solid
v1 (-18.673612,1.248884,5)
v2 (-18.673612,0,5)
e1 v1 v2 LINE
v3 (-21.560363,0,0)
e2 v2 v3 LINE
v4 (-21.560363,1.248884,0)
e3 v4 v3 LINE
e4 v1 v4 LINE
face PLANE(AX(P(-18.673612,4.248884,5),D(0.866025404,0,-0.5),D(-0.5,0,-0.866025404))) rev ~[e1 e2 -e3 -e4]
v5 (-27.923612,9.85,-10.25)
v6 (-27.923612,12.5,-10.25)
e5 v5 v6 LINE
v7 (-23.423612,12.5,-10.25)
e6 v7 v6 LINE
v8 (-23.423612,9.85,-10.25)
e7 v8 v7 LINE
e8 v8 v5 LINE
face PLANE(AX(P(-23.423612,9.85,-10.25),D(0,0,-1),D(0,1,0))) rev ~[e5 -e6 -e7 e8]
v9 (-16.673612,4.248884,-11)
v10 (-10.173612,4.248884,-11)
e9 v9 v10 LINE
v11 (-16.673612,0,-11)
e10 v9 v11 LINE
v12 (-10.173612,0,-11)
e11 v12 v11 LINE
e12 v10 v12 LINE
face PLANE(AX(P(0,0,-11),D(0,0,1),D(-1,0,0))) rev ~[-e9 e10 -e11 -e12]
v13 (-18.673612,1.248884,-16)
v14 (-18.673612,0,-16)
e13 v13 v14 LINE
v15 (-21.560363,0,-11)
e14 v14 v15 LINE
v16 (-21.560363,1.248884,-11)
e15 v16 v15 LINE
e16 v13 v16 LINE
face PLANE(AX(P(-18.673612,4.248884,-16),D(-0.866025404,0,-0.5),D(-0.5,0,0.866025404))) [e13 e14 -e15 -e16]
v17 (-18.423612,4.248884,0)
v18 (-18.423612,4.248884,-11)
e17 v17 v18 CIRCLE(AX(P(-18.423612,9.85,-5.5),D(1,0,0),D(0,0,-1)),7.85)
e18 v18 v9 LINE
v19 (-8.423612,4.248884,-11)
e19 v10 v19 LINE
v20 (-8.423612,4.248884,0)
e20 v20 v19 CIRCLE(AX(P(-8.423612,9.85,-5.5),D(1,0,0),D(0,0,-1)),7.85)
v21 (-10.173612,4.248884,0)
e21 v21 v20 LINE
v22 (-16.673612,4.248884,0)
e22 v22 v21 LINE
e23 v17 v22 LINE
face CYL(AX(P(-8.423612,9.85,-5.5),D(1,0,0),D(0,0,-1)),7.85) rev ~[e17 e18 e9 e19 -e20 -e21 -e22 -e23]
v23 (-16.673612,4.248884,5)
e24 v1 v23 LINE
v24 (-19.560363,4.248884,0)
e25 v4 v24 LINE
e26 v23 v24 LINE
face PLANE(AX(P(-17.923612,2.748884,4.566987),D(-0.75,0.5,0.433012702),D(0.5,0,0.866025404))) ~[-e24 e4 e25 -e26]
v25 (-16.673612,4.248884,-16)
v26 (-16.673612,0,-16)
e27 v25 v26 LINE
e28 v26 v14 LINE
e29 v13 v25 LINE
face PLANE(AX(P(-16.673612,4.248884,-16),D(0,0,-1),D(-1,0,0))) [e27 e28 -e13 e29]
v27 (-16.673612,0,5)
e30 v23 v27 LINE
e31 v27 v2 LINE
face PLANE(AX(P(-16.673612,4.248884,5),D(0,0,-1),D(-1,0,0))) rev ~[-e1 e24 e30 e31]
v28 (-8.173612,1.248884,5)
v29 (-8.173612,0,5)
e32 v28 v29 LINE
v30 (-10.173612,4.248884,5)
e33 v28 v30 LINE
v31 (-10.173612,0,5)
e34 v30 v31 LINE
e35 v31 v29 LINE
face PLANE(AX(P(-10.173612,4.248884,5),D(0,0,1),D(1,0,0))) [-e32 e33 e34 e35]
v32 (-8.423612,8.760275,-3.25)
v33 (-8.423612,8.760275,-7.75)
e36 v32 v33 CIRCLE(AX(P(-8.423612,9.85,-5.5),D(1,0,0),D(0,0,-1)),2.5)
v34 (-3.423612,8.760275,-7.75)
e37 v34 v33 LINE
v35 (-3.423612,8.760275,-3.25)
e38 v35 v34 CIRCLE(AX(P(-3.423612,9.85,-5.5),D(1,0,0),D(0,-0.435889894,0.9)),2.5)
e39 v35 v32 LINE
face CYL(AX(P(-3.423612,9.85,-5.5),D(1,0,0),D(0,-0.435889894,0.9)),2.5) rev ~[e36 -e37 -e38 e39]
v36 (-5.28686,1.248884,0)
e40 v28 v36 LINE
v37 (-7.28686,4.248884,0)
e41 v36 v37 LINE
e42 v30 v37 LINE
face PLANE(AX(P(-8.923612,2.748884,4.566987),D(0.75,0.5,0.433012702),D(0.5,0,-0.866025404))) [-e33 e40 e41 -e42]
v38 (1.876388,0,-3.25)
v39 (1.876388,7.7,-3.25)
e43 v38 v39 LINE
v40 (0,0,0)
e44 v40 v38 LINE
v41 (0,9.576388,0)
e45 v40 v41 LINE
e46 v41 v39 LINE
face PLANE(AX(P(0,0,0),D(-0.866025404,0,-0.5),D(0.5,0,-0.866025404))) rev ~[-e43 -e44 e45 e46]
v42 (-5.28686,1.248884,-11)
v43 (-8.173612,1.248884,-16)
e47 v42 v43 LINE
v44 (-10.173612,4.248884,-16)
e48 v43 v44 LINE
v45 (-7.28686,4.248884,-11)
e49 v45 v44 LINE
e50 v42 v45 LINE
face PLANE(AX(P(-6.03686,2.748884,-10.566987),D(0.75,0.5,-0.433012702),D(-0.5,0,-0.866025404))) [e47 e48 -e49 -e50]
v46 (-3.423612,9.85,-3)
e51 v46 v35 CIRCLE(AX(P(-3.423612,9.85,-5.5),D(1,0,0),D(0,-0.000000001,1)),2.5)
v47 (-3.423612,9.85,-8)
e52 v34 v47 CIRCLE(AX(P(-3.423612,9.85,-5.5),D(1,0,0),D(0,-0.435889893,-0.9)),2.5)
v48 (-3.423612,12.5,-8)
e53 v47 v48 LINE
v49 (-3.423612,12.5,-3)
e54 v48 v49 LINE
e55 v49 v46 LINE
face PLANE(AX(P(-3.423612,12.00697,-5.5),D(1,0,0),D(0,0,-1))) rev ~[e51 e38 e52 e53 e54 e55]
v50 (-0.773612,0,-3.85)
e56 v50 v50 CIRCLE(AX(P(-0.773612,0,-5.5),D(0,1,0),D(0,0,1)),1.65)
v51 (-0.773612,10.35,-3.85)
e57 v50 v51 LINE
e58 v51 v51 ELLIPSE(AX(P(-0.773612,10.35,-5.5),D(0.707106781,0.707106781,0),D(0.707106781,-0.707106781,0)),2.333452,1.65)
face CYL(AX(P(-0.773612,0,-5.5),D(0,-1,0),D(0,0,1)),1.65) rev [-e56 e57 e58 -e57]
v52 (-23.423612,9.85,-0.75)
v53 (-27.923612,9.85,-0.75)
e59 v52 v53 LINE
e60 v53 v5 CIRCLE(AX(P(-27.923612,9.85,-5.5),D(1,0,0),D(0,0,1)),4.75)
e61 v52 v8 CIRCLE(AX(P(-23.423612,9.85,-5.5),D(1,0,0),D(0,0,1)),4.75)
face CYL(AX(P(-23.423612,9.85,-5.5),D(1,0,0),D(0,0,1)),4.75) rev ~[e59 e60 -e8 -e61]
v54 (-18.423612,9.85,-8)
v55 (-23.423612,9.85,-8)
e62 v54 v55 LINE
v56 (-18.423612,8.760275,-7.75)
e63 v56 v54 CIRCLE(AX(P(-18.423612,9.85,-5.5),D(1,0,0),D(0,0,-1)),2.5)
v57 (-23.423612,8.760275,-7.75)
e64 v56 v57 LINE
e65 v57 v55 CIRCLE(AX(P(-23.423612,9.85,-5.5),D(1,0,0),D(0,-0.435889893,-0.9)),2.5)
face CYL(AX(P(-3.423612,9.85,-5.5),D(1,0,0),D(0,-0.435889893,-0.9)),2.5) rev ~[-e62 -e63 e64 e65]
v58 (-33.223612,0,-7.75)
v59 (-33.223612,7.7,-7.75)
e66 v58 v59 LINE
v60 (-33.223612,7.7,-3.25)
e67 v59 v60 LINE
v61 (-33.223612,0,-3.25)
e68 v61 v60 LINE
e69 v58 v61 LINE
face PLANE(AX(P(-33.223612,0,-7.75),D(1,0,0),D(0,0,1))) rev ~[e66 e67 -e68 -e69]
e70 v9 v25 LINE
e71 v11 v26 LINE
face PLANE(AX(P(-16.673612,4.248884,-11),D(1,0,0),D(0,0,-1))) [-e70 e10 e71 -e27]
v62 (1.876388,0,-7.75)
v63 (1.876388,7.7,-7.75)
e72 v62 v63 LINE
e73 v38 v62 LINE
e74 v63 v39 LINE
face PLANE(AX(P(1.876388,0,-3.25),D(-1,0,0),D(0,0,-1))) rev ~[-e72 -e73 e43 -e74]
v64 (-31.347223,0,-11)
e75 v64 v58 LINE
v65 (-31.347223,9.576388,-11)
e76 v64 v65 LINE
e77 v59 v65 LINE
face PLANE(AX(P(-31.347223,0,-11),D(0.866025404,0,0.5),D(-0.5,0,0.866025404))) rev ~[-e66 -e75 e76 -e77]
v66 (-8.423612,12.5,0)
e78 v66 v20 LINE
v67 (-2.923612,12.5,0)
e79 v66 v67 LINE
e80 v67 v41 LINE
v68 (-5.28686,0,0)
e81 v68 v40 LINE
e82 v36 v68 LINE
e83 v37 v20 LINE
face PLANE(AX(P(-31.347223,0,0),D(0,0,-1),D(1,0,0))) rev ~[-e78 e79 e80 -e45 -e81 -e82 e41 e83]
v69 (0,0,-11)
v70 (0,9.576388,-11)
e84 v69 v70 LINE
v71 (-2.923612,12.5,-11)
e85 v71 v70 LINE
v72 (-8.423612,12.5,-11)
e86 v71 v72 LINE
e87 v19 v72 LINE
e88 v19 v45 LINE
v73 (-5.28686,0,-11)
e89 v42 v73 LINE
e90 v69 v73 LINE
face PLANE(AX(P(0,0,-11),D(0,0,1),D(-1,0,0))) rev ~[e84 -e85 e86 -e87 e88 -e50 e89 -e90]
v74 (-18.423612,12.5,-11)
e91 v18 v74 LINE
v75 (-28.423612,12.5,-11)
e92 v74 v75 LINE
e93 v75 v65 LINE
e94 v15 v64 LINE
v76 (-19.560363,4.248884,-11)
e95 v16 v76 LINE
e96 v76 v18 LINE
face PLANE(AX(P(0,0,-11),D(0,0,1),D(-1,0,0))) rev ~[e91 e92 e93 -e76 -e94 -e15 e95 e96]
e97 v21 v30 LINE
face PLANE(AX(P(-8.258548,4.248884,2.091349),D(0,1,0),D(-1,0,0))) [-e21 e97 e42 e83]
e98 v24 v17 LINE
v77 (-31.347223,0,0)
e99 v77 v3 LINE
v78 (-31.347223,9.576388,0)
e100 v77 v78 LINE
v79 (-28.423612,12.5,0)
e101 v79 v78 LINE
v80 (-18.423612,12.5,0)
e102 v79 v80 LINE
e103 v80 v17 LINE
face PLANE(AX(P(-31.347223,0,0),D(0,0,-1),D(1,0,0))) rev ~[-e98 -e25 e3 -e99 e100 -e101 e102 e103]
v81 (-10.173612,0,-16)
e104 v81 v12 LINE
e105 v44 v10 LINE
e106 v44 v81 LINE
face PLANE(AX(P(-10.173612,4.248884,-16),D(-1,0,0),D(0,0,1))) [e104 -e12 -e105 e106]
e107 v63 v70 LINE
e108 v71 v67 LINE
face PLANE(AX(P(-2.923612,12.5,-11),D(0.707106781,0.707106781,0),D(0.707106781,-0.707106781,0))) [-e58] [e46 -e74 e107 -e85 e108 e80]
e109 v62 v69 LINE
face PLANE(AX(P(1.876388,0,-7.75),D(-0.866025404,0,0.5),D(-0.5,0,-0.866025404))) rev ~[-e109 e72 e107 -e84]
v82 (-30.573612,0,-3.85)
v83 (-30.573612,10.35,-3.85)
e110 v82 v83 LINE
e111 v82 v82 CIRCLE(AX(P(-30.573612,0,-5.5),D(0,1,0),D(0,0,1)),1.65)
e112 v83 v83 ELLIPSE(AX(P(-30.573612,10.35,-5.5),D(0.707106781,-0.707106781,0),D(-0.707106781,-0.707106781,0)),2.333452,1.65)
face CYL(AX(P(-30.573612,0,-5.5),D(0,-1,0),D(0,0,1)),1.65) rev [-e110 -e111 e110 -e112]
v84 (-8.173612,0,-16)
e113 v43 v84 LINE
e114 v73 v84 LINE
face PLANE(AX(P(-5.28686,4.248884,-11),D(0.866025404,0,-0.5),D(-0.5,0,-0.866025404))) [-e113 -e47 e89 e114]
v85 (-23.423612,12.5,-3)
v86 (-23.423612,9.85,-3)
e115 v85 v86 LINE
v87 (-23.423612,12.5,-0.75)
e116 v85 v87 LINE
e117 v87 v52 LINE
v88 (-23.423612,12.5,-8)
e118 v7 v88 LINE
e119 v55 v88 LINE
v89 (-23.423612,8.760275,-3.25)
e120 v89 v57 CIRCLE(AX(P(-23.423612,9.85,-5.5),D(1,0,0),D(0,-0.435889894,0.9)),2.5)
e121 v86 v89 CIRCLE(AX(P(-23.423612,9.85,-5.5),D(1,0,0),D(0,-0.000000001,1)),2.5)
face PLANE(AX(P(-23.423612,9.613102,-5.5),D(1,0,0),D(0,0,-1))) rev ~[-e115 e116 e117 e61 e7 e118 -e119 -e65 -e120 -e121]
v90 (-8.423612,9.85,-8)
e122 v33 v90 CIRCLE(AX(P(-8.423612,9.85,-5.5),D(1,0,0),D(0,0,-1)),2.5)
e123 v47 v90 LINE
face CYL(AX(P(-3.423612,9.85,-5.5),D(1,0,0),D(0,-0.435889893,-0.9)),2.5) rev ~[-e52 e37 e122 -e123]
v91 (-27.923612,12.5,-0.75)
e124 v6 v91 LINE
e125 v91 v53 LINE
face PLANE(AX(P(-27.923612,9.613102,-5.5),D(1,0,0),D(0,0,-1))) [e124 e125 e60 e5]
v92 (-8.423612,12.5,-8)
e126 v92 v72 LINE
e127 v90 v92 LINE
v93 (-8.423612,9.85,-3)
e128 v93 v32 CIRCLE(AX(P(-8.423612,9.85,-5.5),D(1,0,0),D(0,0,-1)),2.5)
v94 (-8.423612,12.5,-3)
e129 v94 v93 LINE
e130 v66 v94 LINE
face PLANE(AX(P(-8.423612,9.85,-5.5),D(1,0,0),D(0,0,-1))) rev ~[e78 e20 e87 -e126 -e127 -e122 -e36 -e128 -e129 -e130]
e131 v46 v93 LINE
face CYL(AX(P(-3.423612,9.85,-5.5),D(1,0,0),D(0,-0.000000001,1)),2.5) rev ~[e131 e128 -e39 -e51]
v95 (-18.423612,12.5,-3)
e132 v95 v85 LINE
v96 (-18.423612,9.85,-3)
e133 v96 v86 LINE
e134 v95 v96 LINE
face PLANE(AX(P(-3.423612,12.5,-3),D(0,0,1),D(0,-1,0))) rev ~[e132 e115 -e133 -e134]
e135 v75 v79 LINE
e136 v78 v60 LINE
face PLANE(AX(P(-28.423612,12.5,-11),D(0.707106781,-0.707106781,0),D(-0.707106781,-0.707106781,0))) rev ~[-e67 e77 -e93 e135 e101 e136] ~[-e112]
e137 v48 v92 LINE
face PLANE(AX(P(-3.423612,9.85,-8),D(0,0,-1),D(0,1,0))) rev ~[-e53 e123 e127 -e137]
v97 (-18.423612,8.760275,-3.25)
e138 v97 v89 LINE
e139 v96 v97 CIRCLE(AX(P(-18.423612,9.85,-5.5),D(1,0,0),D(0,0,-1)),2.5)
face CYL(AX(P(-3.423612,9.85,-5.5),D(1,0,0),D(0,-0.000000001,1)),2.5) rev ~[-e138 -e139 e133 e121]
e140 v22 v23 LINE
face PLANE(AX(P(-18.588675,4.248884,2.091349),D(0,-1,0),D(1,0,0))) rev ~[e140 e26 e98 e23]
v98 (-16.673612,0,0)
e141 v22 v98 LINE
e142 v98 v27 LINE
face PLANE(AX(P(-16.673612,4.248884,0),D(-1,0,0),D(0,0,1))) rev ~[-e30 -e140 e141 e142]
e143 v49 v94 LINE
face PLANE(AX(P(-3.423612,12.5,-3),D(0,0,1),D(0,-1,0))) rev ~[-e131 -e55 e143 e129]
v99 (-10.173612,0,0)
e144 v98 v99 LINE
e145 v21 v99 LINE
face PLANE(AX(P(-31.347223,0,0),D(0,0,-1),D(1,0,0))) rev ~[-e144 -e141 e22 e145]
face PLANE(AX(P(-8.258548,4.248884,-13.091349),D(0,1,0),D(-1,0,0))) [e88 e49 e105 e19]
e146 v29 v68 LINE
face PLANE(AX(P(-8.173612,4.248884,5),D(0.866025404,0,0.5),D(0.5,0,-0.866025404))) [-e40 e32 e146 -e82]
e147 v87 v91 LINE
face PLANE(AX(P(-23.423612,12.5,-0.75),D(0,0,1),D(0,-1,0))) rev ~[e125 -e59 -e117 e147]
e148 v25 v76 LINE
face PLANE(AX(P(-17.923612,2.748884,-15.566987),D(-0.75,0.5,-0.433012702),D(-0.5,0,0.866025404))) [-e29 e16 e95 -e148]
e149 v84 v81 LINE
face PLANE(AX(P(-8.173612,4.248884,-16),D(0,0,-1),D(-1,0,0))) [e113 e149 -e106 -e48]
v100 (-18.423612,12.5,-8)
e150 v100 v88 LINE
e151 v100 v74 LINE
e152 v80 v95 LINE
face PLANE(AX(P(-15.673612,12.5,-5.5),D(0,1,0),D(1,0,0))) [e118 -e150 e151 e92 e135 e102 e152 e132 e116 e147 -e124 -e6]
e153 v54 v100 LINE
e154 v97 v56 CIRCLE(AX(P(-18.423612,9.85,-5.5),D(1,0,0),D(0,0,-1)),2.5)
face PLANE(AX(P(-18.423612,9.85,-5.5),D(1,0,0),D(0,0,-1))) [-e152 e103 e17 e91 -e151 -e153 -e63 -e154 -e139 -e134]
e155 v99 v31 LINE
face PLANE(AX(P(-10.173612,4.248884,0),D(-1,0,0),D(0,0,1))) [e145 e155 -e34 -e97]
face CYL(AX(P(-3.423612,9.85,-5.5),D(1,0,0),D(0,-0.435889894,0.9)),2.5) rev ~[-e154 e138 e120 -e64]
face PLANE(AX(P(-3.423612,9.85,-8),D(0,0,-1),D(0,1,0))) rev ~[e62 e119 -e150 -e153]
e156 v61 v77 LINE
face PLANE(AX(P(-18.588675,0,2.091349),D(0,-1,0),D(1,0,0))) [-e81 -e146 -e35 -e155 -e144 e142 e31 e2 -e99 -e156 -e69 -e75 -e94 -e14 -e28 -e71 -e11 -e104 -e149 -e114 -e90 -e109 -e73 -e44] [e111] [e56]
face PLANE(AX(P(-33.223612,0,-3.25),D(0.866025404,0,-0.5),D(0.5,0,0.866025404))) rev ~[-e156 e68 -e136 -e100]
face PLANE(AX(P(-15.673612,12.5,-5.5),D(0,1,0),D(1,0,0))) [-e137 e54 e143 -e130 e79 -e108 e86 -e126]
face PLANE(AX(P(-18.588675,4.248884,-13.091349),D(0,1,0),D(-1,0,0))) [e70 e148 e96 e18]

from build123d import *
from OCP.BRepFilletAPI import BRepFilletAPI_MakeChamfer

# Parameters (mm, degrees)
SKIZZE1_R                       = 1.65
AUFSATZ_LINEAR_AUSTRAGEN1_DEPTH = 12.5
SCHNITT_LINEAR_START            = -10.3
SKIZZE2_R                       = 7.85
SKIZZE2_R_2                     = 2.5
SCHNITT_LINEAR_AUSTRAGEN1_DEPTH = 10
SCHNITT_LINEAR_START_2          = -5.3
SCHNITT_LINEAR_AUSTRAGEN2_DEPTH = 20
SCHNITT_LINEAR_AUSTRAGEN3_DEPTH = 4.5
SCHNITT_LINEAR_START_3          = -11
SCHNITT_LINEAR_AUSTRAGEN4_DEPTH = 11
AUFSATZ_LINEAR_START            = -4.248884
AUFSATZ_LINEAR_AUSTRAGEN2_DEPTH = 4.248884
FASE1_SIZE                      = 3
FASE1_SIZE2                     = 1.732050808


with BuildPart() as part:
    # Skizze1 → Aufsatz-Linear austragen1 (new body)
    with BuildSketch(Plane(origin=(0, 0, 0), x_dir=(1, 0, 0), z_dir=(0, 1, 0))):
        Polygon((0, 11), (-31.34722325, 11), (-33.223611625, 7.75), (-33.223611625, 3.25), (-31.34722325, 0), (0, 0), (1.876388375, 3.25), (1.876388375, 7.75), align=None)
        with Locations(Location((-0.773611625, 5.5, 0), (0, 0, 270))):
            Circle(SKIZZE1_R, mode=Mode.SUBTRACT)
        with Locations(Location((-30.573611625, 5.5, 0), (0, 0, 270))):
            Circle(SKIZZE1_R, mode=Mode.SUBTRACT)
    extrude(amount=AUFSATZ_LINEAR_AUSTRAGEN1_DEPTH)

    # Skizze2 → Schnitt-Linear austragen1 (cut)
    with BuildSketch(Plane(origin=(1.876388375, 0, 0), x_dir=(0, 0, -1), z_dir=(1, 0, 0)).offset(SCHNITT_LINEAR_START)):
        with Locations((5.5, 9.85)):
            Circle(SKIZZE2_R)
        with Locations((5.5, 9.85)):
            Circle(SKIZZE2_R_2, mode=Mode.SUBTRACT)
    extrude(amount=-SCHNITT_LINEAR_AUSTRAGEN1_DEPTH, mode=Mode.SUBTRACT)

    # Skizze3 → Schnitt-Linear austragen2 (cut)
    with BuildSketch(Plane(origin=(1.876388375, 0, 0), x_dir=(0, 0, -1), z_dir=(1, 0, 0)).offset(SCHNITT_LINEAR_START_2)):
        with BuildLine():
            Line((7.75, 12.5), (3.25, 12.5))
            Line((3.25, 12.5), (3.25, 10.939724736))
            ThreePointArc((3.25, 10.939724736), (5.5, 12.35), (7.75, 10.939724736))
            Line((7.75, 10.939724736), (7.75, 12.5))
        make_face()
        with BuildLine():
            Line((8, 12.5), (7.75, 12.5))
            Line((7.75, 12.5), (7.75, 10.939724736))
            ThreePointArc((7.75, 10.939724736), (7.936698586, 10.409016994), (8, 9.85))
            Line((8, 9.85), (8, 12.5))
        make_face()
        with BuildLine():
            Line((3.25, 12.5), (3, 12.5))
            Line((3, 12.5), (3, 9.85))
            ThreePointArc((3, 9.85), (3.063301414, 10.409016994), (3.25, 10.939724736))
            Line((3.25, 10.939724736), (3.25, 12.5))
        make_face()
        with BuildLine():
            ThreePointArc((7.75, 10.939724736), (5.5, 12.35), (3.25, 10.939724736))
            Line((3.25, 10.939724736), (3.25, 8.760275264))
            ThreePointArc((3.25, 8.760275264), (5.5, 7.35), (7.75, 8.760275264))
            Line((7.75, 8.760275264), (7.75, 10.939724736))
        make_face()
        with BuildLine():
            ThreePointArc((3.25, 10.939724736), (3.063301414, 10.409016994), (3, 9.85))
            ThreePointArc((3, 9.85), (3.063301414, 9.290983006), (3.25, 8.760275264))
            Line((3.25, 8.760275264), (3.25, 10.939724736))
        make_face()
        with BuildLine():
            ThreePointArc((8, 9.85), (7.936698586, 10.409016994), (7.75, 10.939724736))
            Line((7.75, 10.939724736), (7.75, 8.760275264))
            ThreePointArc((7.75, 8.760275264), (7.936698586, 9.290983006), (8, 9.85))
        make_face()
    extrude(amount=-SCHNITT_LINEAR_AUSTRAGEN2_DEPTH, mode=Mode.SUBTRACT)

    # Skizze4 → Schnitt-Linear austragen3 (cut)
    with BuildSketch(Plane(origin=(-23.423611625, 0, 0), x_dir=(0, 0, -1), z_dir=(1, 0, 0))):
        with BuildLine():
            Line((10.25, 12.5), (0.75, 12.5))
            Line((0.75, 12.5), (0.75, 9.85))
            ThreePointArc((0.75, 9.85), (5.5, 5.1), (10.25, 9.85))
            Line((10.25, 9.85), (10.25, 12.5))
        make_face()
    extrude(amount=-SCHNITT_LINEAR_AUSTRAGEN3_DEPTH, mode=Mode.SUBTRACT)

    # Skizze5 → Schnitt-Linear austragen4 (cut)
    with BuildSketch(Plane.XY.offset(SCHNITT_LINEAR_START_3)):
        Polygon((1.876388375, 12.5), (-2.923611625, 12.5), (1.876388375, 7.7), align=None)
        Polygon((-33.223611625, 12.5), (-28.423611625, 12.5), (-33.223611625, 7.7), align=None)
    extrude(amount=SCHNITT_LINEAR_AUSTRAGEN4_DEPTH, mode=Mode.SUBTRACT)

    # Skizze6 → Aufsatz-Linear austragen2 (add)
    with BuildSketch(Plane.XZ.offset(AUFSATZ_LINEAR_START)):
        Polygon((-16.673611625, 0), (-16.673611625, 5), (-18.673611625, 5), (-21.560362971, 0), align=None)
        Polygon((-10.173611625, 0), (-10.173611625, 5), (-8.173611625, 5), (-5.286860279, 0), align=None)
        Polygon((-18.673611625, -16), (-21.560362971, -11), (-16.673611625, -11), (-16.673611625, -16), align=None)
        Polygon((-10.173611625, -11), (-5.286860279, -11), (-8.173611625, -16), (-10.173611625, -16), align=None)
    extrude(amount=AUFSATZ_LINEAR_AUSTRAGEN2_DEPTH)

    # Fase1: one chamfer whose edges measure the first distance from different faces: ONE call of the kernel's chamfer builder (chamfer() names one face for all edges)
    fase1_edges_1 = [part.edges().sort_by_distance(p)[0] for p in [
        (-6.730235952, 4.248884, -13.5),
    ]]
    fase1_side_1 = [part.faces().sort_by_distance(p)[0] for p in [
        (-6.730235952, 2.124442, -13.5),
    ]]
    fase1_edges_2 = [part.edges().sort_by_distance(p)[0] for p in [
        (-20.116987298, 4.248884, -13.5),
    ]]
    fase1_side_2 = [part.faces().sort_by_distance(p)[0] for p in [
        (-20.116987298, 2.124442, -13.5),
    ]]
    fase1_edges_3 = [part.edges().sort_by_distance(p)[0] for p in [
        (-6.730235952, 4.248884, 2.5),
    ]]
    fase1_side_3 = [part.faces().sort_by_distance(p)[0] for p in [
        (-6.730235952, 2.124442, 2.5),
    ]]
    fase1_edges_4 = [part.edges().sort_by_distance(p)[0] for p in [
        (-20.116987298, 4.248884, 2.5),
    ]]
    fase1_side_4 = [part.faces().sort_by_distance(p)[0] for p in [
        (-20.116987298, 2.124442, 2.5),
    ]]
    fase1 = BRepFilletAPI_MakeChamfer(part.part.solid().wrapped)
    for e in fase1_edges_1:
        fase1.Add(FASE1_SIZE, FASE1_SIZE2, e.wrapped, fase1_side_1[0].wrapped)  # the first distance lies on this face
    for e in fase1_edges_2:
        fase1.Add(FASE1_SIZE, FASE1_SIZE2, e.wrapped, fase1_side_2[0].wrapped)  # the first distance lies on this face
    for e in fase1_edges_3:
        fase1.Add(FASE1_SIZE, FASE1_SIZE2, e.wrapped, fase1_side_3[0].wrapped)  # the first distance lies on this face
    for e in fase1_edges_4:
        fase1.Add(FASE1_SIZE, FASE1_SIZE2, e.wrapped, fase1_side_4[0].wrapped)  # the first distance lies on this face
    add(Compound.cast(fase1.Shape()), mode=Mode.REPLACE)


solid = part.part
